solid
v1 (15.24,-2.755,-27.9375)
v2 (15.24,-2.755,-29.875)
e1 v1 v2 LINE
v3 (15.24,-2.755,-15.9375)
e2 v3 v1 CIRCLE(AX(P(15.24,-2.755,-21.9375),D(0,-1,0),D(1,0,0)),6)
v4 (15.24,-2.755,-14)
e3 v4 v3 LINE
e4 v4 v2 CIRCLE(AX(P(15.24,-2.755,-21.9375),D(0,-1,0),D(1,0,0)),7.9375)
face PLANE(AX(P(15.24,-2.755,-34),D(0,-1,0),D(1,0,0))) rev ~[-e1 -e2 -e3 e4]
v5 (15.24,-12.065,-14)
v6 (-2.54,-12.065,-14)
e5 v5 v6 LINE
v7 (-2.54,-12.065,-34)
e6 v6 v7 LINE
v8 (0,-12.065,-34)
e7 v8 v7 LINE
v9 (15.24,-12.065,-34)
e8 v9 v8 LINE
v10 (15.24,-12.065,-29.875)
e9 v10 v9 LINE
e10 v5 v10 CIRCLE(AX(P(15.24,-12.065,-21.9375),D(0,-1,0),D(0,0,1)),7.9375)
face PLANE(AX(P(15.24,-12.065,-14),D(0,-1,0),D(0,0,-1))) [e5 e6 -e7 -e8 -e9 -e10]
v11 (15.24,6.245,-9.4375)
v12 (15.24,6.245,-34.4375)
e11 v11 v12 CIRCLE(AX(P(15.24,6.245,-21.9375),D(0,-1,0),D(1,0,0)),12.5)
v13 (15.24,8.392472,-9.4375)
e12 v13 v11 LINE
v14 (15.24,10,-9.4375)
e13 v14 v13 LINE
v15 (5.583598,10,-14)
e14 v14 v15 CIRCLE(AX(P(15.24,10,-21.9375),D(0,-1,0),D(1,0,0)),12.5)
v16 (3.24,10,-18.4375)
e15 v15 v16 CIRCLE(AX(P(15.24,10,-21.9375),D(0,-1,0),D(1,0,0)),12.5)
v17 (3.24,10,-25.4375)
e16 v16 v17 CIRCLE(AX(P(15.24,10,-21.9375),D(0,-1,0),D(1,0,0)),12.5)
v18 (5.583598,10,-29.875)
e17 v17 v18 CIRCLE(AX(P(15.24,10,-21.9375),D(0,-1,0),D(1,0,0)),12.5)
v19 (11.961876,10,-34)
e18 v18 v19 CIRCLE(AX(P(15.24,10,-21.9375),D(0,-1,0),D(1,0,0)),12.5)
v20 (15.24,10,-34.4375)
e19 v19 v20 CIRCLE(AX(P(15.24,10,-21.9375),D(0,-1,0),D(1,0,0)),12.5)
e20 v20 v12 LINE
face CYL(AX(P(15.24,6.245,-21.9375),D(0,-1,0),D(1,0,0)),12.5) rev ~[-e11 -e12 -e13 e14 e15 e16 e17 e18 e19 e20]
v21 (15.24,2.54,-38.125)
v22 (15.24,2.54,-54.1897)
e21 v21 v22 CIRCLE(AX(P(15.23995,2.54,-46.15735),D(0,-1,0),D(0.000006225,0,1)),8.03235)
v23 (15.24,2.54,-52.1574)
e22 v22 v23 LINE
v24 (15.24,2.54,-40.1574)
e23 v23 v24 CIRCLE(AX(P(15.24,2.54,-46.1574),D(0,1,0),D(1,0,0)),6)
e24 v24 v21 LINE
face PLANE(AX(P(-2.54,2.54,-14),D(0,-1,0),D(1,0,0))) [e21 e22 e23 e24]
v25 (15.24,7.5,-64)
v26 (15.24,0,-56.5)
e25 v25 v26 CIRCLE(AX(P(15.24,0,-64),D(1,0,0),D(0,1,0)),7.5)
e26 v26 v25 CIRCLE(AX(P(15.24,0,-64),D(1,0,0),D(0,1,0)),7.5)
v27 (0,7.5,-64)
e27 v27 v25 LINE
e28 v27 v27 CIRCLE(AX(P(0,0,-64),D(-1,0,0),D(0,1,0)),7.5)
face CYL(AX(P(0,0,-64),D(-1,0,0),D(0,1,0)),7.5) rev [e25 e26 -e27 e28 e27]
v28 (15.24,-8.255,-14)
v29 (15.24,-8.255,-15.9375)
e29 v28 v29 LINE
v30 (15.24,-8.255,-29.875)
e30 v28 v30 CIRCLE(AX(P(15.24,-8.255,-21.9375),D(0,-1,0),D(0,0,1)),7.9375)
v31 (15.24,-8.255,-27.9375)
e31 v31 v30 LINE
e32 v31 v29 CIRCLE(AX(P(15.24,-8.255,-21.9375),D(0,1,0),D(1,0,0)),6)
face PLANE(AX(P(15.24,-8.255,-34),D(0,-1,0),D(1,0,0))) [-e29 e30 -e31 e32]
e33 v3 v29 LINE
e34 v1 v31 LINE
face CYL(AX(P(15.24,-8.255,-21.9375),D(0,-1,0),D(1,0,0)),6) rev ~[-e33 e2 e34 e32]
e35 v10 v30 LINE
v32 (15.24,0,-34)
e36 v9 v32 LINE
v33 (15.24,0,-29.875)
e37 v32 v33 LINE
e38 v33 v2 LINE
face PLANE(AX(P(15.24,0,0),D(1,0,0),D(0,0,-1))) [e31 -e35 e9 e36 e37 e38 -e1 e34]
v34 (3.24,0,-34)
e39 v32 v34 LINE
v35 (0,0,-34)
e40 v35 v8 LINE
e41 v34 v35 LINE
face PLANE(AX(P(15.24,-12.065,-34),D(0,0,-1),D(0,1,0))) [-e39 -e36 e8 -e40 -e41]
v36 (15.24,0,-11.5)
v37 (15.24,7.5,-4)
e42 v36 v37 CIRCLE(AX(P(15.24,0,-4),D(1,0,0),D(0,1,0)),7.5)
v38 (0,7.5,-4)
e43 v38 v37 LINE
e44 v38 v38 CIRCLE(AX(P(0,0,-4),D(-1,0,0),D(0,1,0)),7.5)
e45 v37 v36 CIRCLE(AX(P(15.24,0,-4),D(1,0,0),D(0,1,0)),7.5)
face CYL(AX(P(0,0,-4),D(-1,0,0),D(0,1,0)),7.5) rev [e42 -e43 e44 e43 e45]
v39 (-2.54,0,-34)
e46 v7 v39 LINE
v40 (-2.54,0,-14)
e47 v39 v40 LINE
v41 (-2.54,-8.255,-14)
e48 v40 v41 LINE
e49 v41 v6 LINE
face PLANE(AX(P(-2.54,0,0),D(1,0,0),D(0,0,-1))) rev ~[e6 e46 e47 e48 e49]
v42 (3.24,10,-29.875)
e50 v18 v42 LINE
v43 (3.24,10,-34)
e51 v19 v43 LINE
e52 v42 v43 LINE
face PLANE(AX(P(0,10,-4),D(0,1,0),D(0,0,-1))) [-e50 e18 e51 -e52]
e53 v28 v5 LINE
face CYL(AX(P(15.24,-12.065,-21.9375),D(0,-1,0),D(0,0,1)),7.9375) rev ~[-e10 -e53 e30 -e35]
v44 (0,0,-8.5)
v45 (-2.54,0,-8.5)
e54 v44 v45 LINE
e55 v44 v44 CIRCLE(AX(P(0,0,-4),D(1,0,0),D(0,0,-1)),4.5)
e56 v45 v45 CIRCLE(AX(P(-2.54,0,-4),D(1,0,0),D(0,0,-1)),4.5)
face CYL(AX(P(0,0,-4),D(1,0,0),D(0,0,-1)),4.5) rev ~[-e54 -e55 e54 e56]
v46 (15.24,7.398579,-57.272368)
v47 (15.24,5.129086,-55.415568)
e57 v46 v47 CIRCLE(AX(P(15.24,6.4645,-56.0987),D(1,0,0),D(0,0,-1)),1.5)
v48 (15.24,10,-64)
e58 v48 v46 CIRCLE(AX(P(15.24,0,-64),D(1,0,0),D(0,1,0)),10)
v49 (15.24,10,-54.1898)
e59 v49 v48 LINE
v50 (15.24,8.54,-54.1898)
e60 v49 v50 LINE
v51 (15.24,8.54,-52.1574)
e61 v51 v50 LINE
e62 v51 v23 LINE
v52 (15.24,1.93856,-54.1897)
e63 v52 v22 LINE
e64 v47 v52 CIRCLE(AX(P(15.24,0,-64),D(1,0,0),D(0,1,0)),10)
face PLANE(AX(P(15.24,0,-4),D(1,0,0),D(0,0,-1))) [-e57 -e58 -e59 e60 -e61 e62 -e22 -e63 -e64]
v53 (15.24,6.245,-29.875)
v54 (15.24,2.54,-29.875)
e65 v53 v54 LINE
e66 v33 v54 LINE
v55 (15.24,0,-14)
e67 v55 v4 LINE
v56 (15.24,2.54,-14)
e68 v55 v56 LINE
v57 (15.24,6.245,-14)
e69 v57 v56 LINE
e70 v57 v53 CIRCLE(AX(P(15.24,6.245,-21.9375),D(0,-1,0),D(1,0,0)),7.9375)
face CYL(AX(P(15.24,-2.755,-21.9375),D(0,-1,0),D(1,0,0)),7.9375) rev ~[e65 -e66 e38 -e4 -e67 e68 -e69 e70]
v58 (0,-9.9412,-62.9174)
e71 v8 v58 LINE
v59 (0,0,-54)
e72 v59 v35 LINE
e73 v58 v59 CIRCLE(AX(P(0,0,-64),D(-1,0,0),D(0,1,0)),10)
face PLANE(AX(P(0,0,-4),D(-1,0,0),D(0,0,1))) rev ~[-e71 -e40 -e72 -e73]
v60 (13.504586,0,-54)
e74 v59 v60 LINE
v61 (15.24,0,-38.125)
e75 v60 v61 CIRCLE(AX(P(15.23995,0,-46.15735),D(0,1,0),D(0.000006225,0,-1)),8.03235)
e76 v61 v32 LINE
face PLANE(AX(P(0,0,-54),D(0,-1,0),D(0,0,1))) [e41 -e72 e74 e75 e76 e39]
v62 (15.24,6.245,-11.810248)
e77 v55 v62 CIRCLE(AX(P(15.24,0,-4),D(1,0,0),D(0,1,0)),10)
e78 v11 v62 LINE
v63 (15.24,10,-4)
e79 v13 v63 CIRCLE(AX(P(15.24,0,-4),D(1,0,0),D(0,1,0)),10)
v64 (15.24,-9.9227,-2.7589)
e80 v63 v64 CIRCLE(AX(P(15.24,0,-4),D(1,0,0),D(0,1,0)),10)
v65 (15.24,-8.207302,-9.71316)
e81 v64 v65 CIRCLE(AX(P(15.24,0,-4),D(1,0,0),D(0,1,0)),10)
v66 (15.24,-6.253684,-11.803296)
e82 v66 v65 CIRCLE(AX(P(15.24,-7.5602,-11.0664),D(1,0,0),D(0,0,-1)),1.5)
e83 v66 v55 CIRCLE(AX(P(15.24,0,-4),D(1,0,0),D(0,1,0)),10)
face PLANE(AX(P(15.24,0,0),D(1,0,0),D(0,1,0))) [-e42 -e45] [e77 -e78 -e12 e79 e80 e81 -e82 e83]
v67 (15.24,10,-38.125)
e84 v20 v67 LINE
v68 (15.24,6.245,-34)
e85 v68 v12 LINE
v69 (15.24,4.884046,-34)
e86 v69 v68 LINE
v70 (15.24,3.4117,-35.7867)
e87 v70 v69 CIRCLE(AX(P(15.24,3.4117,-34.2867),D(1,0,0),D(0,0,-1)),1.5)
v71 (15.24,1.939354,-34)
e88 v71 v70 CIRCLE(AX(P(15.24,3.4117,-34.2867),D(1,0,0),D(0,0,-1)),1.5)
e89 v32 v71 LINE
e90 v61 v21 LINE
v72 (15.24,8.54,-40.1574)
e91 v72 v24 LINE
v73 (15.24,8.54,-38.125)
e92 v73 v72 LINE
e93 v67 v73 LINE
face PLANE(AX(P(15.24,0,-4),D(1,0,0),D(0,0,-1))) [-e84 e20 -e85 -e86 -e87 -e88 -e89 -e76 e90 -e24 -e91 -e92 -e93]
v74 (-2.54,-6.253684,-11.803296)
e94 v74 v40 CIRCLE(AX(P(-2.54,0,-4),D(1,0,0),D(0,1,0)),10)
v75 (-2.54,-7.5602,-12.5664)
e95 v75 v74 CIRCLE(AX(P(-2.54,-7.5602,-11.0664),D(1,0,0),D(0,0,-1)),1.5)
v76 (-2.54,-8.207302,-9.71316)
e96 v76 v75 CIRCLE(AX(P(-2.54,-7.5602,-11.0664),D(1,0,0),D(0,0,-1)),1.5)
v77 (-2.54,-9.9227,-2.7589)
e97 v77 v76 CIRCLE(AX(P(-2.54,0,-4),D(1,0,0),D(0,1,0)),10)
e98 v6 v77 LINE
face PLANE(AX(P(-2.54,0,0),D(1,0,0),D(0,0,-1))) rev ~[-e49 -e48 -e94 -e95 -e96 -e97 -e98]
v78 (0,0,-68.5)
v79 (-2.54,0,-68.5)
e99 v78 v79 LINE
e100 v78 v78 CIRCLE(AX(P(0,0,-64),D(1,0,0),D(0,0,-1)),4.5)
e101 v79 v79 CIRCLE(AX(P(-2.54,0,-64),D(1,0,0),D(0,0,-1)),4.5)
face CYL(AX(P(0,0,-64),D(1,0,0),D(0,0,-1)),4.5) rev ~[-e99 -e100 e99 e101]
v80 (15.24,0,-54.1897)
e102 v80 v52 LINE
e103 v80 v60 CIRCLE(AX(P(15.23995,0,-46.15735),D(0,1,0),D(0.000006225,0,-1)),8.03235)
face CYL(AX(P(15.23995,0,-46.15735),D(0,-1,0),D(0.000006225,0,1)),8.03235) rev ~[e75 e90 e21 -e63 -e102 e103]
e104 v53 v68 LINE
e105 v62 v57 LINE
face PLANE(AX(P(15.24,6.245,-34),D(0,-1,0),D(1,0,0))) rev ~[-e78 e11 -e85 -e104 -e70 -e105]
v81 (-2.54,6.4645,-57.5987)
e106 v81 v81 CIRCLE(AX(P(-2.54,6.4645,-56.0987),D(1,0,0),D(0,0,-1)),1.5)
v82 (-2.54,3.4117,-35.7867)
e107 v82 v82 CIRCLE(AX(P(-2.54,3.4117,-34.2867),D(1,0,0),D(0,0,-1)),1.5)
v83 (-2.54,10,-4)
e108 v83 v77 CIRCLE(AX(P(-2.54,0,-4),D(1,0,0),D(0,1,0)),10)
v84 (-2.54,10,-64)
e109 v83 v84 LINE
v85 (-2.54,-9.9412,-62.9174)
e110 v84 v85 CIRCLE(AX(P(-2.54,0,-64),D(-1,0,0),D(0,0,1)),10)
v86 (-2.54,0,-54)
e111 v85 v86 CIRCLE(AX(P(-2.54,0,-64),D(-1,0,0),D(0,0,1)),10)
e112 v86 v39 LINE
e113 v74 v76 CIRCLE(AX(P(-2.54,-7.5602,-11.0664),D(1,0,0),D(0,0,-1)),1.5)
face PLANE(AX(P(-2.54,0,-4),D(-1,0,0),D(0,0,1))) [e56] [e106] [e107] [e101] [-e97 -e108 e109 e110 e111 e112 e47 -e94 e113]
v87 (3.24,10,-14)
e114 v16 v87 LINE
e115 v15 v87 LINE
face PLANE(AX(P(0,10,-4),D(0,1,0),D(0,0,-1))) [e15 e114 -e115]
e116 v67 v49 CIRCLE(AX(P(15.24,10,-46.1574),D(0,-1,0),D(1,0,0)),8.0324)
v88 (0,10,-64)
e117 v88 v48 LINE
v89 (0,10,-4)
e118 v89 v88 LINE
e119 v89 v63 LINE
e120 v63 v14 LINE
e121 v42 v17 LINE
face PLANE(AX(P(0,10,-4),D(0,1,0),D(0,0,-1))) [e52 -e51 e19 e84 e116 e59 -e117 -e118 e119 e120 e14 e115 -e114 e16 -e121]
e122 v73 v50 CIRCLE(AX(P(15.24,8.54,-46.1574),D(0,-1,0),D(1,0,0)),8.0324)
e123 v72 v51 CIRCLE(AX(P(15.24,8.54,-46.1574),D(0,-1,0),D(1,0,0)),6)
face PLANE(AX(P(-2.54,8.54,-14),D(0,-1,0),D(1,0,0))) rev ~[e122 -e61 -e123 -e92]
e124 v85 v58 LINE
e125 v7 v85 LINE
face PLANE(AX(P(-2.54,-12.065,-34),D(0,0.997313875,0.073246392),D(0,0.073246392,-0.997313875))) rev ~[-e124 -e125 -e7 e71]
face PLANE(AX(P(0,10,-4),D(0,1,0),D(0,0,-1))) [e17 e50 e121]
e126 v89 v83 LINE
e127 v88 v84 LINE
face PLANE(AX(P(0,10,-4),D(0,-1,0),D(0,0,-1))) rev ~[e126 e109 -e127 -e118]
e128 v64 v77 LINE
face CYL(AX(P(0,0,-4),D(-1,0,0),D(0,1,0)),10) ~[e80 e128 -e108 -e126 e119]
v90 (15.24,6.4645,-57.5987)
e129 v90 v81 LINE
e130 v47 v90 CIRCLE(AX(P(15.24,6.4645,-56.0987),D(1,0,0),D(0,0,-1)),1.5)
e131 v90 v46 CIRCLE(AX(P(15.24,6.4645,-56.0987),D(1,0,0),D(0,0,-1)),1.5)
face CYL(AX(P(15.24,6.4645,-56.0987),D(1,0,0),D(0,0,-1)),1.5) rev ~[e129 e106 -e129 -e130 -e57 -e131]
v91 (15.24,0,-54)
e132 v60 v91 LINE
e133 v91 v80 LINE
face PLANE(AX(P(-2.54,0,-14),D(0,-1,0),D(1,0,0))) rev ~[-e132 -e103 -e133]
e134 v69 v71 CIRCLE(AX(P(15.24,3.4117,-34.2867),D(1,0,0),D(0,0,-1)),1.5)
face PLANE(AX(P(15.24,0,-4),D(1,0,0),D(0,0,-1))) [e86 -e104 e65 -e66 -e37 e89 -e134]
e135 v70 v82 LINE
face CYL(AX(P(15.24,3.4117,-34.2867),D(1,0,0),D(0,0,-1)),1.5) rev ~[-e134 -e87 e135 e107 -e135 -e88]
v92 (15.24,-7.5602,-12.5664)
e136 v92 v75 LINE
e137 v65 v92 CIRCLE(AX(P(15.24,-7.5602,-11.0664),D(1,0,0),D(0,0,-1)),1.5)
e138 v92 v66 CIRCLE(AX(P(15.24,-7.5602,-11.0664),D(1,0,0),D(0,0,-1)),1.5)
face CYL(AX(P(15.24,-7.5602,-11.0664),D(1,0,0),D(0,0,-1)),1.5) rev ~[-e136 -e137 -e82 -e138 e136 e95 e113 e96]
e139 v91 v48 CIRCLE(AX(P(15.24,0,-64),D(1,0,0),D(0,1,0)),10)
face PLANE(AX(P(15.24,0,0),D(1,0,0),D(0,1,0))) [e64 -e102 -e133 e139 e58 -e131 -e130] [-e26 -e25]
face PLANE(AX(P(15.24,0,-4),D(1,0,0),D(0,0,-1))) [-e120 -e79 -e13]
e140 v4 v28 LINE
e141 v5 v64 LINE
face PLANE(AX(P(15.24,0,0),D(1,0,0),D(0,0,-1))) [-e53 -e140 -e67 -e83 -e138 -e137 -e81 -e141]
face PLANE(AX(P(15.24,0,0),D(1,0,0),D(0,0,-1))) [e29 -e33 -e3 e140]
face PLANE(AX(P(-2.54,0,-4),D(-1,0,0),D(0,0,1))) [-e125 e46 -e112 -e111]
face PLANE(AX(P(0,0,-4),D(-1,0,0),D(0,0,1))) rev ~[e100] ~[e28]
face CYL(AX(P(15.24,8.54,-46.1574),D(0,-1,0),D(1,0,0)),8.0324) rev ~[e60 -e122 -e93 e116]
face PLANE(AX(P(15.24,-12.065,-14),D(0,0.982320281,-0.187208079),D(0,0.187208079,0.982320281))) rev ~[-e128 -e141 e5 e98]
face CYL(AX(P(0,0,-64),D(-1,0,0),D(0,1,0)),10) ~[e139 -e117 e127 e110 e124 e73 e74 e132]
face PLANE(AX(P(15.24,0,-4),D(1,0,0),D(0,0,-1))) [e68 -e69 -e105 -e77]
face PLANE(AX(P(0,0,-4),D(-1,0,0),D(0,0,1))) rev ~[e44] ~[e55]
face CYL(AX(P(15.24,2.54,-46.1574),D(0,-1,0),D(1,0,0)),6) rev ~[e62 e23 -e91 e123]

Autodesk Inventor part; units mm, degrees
ref_plane "YZ Plane" through (0, 0, 0) normal (1, 0, 0) x (0, 1, 0)
ref_plane "XZ Plane" through (0, 0, 0) normal (0, 1, 0) x (-1, 0, 0)
ref_plane "XY Plane" through (0, 0, 0) normal (0, 0, 1) x (1, 0, 0)
sketch "Sketch1" plane through (0, 0, 0) normal (1, 0, 0) x (0, 1, 0)
  line L0 (0, 0) -> (0, -68)
  line L1 (0, -68) -> (0, -60)
  line L2 (0, 0) -> (0, -8)
  circle A0 centre (0, -4) radius 4
  circle A1 centre (0, -64) radius 4
  circle A2 centre (0, -64) radius 7.5
  circle A3 centre (0, -4) radius 7.5
  circle A4 centre (0, -4) radius 10
  circle A5 centre (0, -64) radius 10
  line L3 (10, -4) -> (10, -64)
  dimension "d5" = 20
  dimension "d6" = 20
  dimension "d0" = 68
  dimension "d1" = 8
  dimension "d2" = 8
  dimension "d3" = 15
  dimension "d4" = 15
extrude "Extrusion1" add sketch "Sketch1" along normal blind 15.24 contours A4 | A5
sketch "Sketch2" plane through (0, 0, -4) normal (-1, 0, 0) x (0, 0, 1)
  circle A0 centre (0, 0) radius 10 projected
  line L0 (0, 10) -> (-60, 10)
  circle A1 centre (-60, 0) radius 10 projected
  line L1 (-50, 0) -> (-10, 0)
  point P0 (4, 0)
extrude "Extrusion2" add sketch "Sketch2" along normal blind 2.54
sketch "Sketch3" plane through (0, 0, -4) normal (1, 0, 0) x (0, 0, -1)
  line L0 (0, 10) -> (60, 10) projected
  arc A0 (10, 0) -> (0, 10) centre (0, 0) ccw projected
  line L1 (50, 0) -> (10, 0) projected
  arc A1 (60, 10) -> (50, 0) centre (60, 0) ccw projected
  line L2 (0, 10) -> (60, 10) projected
  point P0 (-4, 0)
extrude "Extrusion3" add sketch "Sketch3" along normal up to surface (15.24 mm away)
sketch "Sketch4" plane through (-2.54, 0, -14) normal (0, -1, 0) x (1, 0, 0)
  line L0 (0, 0) -> (17.78, 0) projected
  line L1 (17.78, 0) -> (17.78, -15.875)
  line L2 (17.78, -40) -> (0, -40) projected
  line L3 (17.78, -40) -> (17.78, 0) projected
  arc A0 (17.78, -24.125) -> (17.78, -40.1897) centre (17.78, -32.1574) ccw
  line L4 (17.78, 0) -> (17.78, -15.875)
  arc A1 (17.78, 0) -> (17.78, -15.875) centre (17.78, -7.9375) ccw
  line L5 (17.78, -24.125) -> (17.78, -40.1897)
  point P0 (2.54, 14)
  dimension "d13" = 15.875
  dimension "d16" = 15.875
extrude "Extrusion4" cut sketch "Sketch4" against normal blind 2.54
sketch "Sketch5" plane through (-2.54, 2.54, -14) normal (0, -1, 0) x (1, 0, 0)
  line L0 (17.78, 0) -> (17.78, 20) projected
  line L1 (17.78, -24.125) -> (17.78, -15.875) projected
  arc A0 (17.78, 0) -> (17.78, -15.875) centre (17.78, -7.9375) ccw projected
  line L2 (0, 0) -> (17.78, 0) projected
  line L3 (0, -40) -> (0, 0) projected
  line L4 (16.0445, -40) -> (0, -40) projected
  arc A1 (17.78, -24.125) -> (16.0445, -40) centre (17.78, -32.1574) ccw projected
  line L5 (17.78, -24.125) -> (17.78, -15.875) projected
  line L6 (17.78, 0) -> (17.78, -15.875)
  line L7 (17.78, 10) -> (17.78, -50) projected
  line L8 (17.78, -60) -> (17.78, -40) projected
  line L9 (17.78, -24.125) -> (17.78, -40)
  circle A2 centre (17.78, -7.9375) radius 6
  circle A3 centre (17.78, -32.1574) radius 6
  point P0 (2.54, 14)
  dimension "d20" = 12
  dimension "d21" = 12
extrude "Extrusion5" cut sketch "Sketch5" against normal blind 6 contours A3 L7 | L7 A3 | A2 L6 | L6 A2
sketch "Sketch6" plane through (-2.54, 8.54, -14) normal (0, -1, 0) x (1, 0, 0)
  line L0 (17.78, -26.1574) -> (17.78, -38.1574) projected
  circle A0 centre (17.78, -32.1574) radius 8.0324
  line L1 (17.78, -1.9375) -> (17.78, -13.9375) projected
  arc A1 (17.78, -1.9375) -> (17.78, -13.9375) centre (17.78, -7.9375) ccw projected
  circle A2 centre (17.78, -7.9375) radius 7.9375
  point P0 (2.54, 14)
extrude "Extrusion6" cut sketch "Sketch6" against normal blind 6 contours A0 | L1 A1 | A2
sketch "Sketch7" plane through (15.24, 0, 0) normal (1, 0, 0) x (0, 0, -1)
  line L0 (29.875, 10) -> (38.125, 10) projected
  arc A0 (4, 10) -> (14, 0) centre (4, 0) ccw projected
  line L1 (34, 10) -> (14, 10)
  line L2 (14, 10) -> (14, 0)
  line L3 (14, 0) -> (34, 0)
  line L4 (34, 0) -> (34, 10)
  point P0 (0, 0)
extrude "Extrusion7" add sketch "Sketch7" against normal blind 12
sketch "Sketch8" plane through (15.24, 0, 0) normal (1, 0, 0) x (0, 0, -1)
  line L0 (54, 0) -> (14, 0) projected
  line L1 (34, 0) -> (14, 0)
  line L2 (14, 0) -> (14, -12.065)
  line L3 (14, -12.065) -> (34, -12.065)
  line L4 (34, -12.065) -> (34, 0)
  point P0 (0, 0)
  dimension "d28" = 12.065
extrude "Extrusion8" add sketch "Sketch8" against normal up to surface (17.78 mm away)
sketch "Sketch9" plane through (15.24, -12.065, -34) normal (0, -1, 0) x (1, 0, 0)
  line L0 (-17.78, 20) -> (0, 20) projected
  line L1 (0, 20) -> (0, 4.125)
  line L2 (0, 20) -> (0, 0) projected
  arc A0 (0, 20) -> (0, 4.125) centre (0, 12.0625) ccw
  point P0 (-15.24, 34)
  dimension "d31" = 15.875
  dimension "d32" = 7.9375
extrude "Extrusion9" cut sketch "Sketch9" against normal blind 3.81
sketch "Sketch10" plane through (15.24, -8.255, -34) normal (0, -1, 0) x (1, 0, 0)
  line L0 (0, 20) -> (0, 4.125) projected
  arc A0 (0, 20) -> (0, 4.125) centre (0, 12.0625) ccw projected
  circle A1 centre (0, 12.0625) radius 6
  point P0 (-15.24, 34)
  dimension "d35" = 12
extrude "Extrusion10" cut sketch "Sketch10" against normal blind 5.5 contours A1 L0 | L0 A1
sketch "Sketch11" plane through (15.24, -2.755, -34) normal (0, -1, 0) x (1, 0, 0)
  line L0 (0, 18.0625) -> (0, 6.0625) projected
  circle A0 centre (0, 12.0625) radius 7.9375
  point P0 (-15.24, 34)
extrude "Extrusion11" cut sketch "Sketch11" against normal blind 9
sketch "Sketch12" plane through (15.24, 6.245, -34) normal (0, -1, 0) x (1, 0, 0)
  line L0 (0, 20) -> (0, 4.125) projected
  circle A0 centre (0, 12.0625) radius 12.5
  point P0 (-15.24, 34)
  dimension "d40" = 25
extrude "Extrusion12" cut sketch "Sketch12" against normal blind 9
sketch "Sketch13" plane through (15.24, 0, 0) normal (1, 0, 0) x (0, 0, -1)
  line L0 (9.4375, 6.245) -> (9.4375, 10) projected
  line L1 (4, 10) -> (9.4375, 10) projected
  arc A0 (4, 10) -> (14, 0) centre (4, 0) ccw projected
  line L2 (14, 0) -> (14, 6.245) projected
  line L3 (14, 6.245) -> (9.4375, 6.245) projected
  circle A1 centre (4, 0) radius 7.5 projected
  line L4 (14, -8.255) -> (14, -12.065) projected
  line L5 (14, -12.065) -> (2.7589, -9.9227)
  arc A2 (4, 10) -> (14, 0) centre (4, 0) ccw projected
  line L6 (14, 0) -> (14, -12.065)
  line L7 (14, -12.065) -> (14, 0) projected
  line L8 (14, -12.065) -> (14, 0)
  line L9 (14, 0) -> (8.3795, -7.0711)
  line L10 (8.3795, -7.0711) -> (2.7589, -9.9227)
  point P0 (0, 0)
extrude "Extrusion13" add sketch "Sketch13" against normal up to surface (17.78 mm away) contours L6 L4 L5 A0
sketch "Sketch14" plane through (-2.54, 0, -4) normal (-1, 0, 0) x (0, 0, 1)
  line L0 (-30, -12.065) -> (-10, -12.065) projected
  arc A0 (1.2411, -9.9227) -> (0, 10) centre (0, 0) ccw projected
  arc A1 (1.2411, -9.9227) -> (0, 10) centre (0, 0) ccw projected
  line L1 (0, 10) -> (-60, 10) projected
  arc A2 (-60, 10) -> (-50, 0) centre (-60, 0) ccw projected
  line L2 (-50, 0) -> (-30, 0) projected
  line L3 (-30, 0) -> (-30, -12.065) projected
  line L4 (-30, -12.065) -> (-10, -12.065) projected
  line L5 (-10, -12.065) -> (1.2411, -9.9227) projected
  line L6 (-30, -12.065) -> (-58.9174, -9.9412)
  arc A3 (-60, 10) -> (-50, 0) centre (-60, 0) ccw projected
  point P0 (4, 0)
extrude "Extrusion14" add sketch "Sketch14" against normal blind 2.54 contours L6 A2 L2 L3
sketch "Sketch15" plane through (0, 0, -4) normal (1, 0, 0) x (0, 0, -1)
  circle A0 centre (0, 0) radius 4.5
  circle A1 centre (60, 0) radius 7.5 projected
  circle A2 centre (60, 0) radius 4.5
  point P0 (-4, 0)
  dimension "d47" = 9
  dimension "d48" = 9
extrude "Extrusion15" cut sketch "Sketch15" against normal blind 2.54 contours A0 | A2
sketch "Sketch16" plane through (15.24, 0, 0) normal (1, 0, 0) x (0, 0, -1)
  circle A0 centre (34.2867, 3.4117) radius 1.5
  point P0 (0, 0)
  dimension "d51" = 3
extrude "Extrusion16" cut sketch "Sketch16" against normal blind 70.8025
sketch "Sketch17" plane through (15.24, 0, 0) normal (1, 0, 0) x (0, 0, -1)
  circle A0 centre (56.0987, 6.4645) radius 1.5
  circle A1 centre (11.0664, -7.5602) radius 1.5
  point P0 (0, 0)
  dimension "d54" = 3
  dimension "d55" = 3
extrude "Extrusion17" cut sketch "Sketch17" against normal blind 70.8025
properties part number "Hotend holder V4"
